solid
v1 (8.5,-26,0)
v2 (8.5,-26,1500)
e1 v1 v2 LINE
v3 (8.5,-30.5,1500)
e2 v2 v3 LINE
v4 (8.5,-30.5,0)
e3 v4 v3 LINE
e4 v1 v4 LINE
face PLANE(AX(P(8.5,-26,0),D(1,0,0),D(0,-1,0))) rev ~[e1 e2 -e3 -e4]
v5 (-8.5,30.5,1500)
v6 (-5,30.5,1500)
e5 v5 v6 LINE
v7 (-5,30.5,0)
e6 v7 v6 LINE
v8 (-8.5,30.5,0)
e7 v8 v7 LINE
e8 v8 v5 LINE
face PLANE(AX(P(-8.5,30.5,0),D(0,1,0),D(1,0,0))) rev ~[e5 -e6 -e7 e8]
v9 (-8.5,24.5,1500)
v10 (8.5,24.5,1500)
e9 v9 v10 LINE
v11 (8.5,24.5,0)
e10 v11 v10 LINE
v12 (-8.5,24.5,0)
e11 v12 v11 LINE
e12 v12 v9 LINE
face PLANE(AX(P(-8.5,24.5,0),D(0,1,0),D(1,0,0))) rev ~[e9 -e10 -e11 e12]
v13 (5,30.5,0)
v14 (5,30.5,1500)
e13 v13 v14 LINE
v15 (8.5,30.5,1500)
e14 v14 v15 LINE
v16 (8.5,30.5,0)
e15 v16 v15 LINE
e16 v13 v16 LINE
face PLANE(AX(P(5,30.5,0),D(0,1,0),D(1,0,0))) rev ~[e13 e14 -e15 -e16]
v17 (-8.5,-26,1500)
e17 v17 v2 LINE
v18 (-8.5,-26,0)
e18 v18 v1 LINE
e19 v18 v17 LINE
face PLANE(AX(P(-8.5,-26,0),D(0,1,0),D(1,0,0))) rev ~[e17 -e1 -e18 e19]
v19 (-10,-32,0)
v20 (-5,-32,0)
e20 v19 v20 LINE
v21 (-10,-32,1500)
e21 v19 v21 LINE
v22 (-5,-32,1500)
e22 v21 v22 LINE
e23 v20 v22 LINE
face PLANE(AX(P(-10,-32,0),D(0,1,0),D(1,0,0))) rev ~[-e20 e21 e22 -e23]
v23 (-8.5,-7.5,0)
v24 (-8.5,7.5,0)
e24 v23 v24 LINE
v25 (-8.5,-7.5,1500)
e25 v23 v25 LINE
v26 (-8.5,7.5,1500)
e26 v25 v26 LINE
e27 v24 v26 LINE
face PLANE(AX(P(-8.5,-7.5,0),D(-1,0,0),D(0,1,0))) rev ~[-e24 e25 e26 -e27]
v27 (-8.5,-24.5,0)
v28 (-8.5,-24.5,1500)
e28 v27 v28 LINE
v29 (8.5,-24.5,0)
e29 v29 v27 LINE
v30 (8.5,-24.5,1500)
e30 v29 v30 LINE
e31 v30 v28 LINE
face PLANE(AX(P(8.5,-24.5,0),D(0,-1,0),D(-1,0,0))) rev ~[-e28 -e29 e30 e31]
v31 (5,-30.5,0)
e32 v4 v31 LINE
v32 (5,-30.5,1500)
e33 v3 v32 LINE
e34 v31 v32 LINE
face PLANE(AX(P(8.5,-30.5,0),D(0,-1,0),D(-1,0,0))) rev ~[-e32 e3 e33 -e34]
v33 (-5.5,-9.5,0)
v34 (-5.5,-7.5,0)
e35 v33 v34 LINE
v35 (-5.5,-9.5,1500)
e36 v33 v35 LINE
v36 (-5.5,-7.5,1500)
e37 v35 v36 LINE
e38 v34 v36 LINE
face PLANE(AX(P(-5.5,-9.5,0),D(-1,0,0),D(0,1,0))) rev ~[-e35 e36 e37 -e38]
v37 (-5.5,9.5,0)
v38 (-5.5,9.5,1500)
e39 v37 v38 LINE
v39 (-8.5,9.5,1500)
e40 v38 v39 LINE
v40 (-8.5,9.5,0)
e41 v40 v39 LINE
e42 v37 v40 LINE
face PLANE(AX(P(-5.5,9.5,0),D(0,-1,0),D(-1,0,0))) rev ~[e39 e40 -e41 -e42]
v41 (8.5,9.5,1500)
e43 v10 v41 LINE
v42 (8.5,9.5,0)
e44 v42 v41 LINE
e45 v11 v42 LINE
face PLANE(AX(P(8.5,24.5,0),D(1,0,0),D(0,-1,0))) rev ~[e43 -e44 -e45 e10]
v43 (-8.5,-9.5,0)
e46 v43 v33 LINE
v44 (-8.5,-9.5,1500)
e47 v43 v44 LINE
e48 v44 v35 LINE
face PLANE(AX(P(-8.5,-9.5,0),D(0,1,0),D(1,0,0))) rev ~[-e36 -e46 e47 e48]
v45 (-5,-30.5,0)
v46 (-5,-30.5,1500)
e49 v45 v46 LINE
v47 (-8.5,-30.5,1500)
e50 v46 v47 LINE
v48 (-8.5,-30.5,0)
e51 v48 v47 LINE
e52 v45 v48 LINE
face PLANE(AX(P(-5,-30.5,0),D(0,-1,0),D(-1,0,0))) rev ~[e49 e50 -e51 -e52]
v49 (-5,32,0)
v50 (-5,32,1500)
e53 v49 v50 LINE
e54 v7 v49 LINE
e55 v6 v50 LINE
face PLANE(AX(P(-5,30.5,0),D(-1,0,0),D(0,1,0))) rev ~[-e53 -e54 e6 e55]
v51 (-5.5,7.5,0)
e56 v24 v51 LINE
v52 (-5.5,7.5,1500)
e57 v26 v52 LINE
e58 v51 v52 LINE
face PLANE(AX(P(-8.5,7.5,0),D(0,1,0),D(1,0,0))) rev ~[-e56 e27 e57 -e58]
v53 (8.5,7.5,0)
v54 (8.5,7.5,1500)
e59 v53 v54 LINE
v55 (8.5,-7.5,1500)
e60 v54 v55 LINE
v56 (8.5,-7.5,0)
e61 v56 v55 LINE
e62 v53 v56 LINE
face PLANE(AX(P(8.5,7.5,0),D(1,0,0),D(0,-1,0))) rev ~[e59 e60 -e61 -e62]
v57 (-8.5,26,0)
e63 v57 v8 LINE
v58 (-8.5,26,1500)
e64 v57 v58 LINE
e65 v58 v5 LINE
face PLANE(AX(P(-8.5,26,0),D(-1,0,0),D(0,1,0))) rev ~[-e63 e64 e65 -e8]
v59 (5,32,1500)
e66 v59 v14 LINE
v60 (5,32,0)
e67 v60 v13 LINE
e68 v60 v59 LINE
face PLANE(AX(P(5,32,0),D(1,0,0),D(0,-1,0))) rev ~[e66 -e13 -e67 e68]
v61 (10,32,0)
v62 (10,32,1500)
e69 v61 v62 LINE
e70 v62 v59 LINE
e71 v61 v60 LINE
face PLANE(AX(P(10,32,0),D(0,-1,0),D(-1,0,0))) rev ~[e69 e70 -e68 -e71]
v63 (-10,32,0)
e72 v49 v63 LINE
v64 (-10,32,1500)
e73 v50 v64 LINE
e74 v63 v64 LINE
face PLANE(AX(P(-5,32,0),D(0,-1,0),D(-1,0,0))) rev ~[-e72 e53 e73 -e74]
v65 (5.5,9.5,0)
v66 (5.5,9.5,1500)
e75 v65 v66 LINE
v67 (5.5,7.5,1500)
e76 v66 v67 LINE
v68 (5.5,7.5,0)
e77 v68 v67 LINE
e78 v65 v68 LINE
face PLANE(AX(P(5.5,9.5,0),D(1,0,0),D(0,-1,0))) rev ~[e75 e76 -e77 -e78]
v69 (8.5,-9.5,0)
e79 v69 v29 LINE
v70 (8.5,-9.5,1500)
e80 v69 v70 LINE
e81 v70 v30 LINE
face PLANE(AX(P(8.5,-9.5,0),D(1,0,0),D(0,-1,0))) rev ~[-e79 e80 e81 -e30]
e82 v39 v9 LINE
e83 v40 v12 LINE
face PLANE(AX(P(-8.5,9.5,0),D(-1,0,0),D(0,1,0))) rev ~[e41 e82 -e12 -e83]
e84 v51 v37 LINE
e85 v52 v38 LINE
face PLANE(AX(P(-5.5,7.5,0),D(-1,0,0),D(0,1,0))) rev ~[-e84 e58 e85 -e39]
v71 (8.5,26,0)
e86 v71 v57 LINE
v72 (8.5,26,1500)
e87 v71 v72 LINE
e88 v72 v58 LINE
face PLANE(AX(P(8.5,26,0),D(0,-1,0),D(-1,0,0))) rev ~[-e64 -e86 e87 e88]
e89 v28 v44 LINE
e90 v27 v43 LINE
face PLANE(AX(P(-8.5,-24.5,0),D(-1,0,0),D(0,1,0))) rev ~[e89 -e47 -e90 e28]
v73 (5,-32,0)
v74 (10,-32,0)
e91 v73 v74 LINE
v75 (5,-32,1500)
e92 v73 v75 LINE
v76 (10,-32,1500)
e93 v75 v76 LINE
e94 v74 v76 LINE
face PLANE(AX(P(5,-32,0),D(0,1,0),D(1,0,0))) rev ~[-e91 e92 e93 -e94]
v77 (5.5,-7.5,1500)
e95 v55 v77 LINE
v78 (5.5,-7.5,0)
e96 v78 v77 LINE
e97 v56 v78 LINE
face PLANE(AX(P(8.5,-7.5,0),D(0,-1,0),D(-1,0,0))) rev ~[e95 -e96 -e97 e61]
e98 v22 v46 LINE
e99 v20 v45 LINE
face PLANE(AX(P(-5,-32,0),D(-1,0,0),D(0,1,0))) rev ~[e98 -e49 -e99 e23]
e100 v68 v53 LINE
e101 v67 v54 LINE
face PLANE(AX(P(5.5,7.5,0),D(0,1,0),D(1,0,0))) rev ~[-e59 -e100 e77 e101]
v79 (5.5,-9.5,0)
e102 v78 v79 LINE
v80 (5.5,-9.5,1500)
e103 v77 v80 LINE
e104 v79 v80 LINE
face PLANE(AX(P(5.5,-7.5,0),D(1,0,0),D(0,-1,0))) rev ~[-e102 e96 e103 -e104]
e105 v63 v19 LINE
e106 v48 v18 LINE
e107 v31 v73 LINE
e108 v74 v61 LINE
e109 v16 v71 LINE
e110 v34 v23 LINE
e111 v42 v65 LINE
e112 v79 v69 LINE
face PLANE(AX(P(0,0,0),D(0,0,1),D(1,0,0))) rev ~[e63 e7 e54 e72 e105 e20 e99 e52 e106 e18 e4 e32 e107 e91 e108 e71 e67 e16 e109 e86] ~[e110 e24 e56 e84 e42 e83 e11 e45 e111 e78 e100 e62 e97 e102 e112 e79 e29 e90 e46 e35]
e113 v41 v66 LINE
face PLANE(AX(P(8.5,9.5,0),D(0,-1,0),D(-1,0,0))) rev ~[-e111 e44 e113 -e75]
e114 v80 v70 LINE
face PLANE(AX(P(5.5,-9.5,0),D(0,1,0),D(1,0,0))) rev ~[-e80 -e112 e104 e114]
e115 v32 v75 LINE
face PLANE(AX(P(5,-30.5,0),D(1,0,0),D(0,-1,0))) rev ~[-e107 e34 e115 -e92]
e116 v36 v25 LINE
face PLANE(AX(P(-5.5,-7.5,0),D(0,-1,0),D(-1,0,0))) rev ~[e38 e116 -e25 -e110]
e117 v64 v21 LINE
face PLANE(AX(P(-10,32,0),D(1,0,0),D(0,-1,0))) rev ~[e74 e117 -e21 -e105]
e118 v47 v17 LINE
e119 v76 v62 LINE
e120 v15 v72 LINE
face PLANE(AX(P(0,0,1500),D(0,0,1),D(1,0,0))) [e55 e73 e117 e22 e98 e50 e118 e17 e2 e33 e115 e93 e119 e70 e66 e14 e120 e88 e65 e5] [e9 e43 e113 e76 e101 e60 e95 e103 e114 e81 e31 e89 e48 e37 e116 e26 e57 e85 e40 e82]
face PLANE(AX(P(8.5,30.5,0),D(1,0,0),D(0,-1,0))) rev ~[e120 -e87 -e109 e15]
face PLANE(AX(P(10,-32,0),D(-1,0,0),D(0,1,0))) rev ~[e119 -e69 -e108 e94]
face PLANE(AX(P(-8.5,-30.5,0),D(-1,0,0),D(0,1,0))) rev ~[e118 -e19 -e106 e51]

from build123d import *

# Parameters (mm, degrees)
F1_DEPTH = 1500


with BuildPart() as f1:
    # F0 (on Top) → F1 (new body)
    with BuildSketch(Plane.XY):
        Polygon((-5, 30.5), (-5, 32), (-10, 32), (-10, -32), (-5, -32), (-5, -30.5), (-8.5, -30.5), (-8.5, -26), (8.5, -26), (8.5, -30.5), (5, -30.5), (5, -32), (10, -32), (10, 32), (5, 32), (5, 30.5), (8.5, 30.5), (8.5, 26), (-8.5, 26), (-8.5, 30.5), align=None)
        Polygon((-8.5, 9.5), (-8.5, 24.5), (8.5, 24.5), (8.5, 9.5), (5.5, 9.5), (5.5, 7.5), (8.5, 7.5), (8.5, -7.5), (5.5, -7.5), (5.5, -9.5), (8.5, -9.5), (8.5, -24.5), (-8.5, -24.5), (-8.5, -9.5), (-5.5, -9.5), (-5.5, -7.5), (-8.5, -7.5), (-8.5, 7.5), (-5.5, 7.5), (-5.5, 9.5), align=None, mode=Mode.SUBTRACT)
    extrude(amount=F1_DEPTH)


solid = f1.part
